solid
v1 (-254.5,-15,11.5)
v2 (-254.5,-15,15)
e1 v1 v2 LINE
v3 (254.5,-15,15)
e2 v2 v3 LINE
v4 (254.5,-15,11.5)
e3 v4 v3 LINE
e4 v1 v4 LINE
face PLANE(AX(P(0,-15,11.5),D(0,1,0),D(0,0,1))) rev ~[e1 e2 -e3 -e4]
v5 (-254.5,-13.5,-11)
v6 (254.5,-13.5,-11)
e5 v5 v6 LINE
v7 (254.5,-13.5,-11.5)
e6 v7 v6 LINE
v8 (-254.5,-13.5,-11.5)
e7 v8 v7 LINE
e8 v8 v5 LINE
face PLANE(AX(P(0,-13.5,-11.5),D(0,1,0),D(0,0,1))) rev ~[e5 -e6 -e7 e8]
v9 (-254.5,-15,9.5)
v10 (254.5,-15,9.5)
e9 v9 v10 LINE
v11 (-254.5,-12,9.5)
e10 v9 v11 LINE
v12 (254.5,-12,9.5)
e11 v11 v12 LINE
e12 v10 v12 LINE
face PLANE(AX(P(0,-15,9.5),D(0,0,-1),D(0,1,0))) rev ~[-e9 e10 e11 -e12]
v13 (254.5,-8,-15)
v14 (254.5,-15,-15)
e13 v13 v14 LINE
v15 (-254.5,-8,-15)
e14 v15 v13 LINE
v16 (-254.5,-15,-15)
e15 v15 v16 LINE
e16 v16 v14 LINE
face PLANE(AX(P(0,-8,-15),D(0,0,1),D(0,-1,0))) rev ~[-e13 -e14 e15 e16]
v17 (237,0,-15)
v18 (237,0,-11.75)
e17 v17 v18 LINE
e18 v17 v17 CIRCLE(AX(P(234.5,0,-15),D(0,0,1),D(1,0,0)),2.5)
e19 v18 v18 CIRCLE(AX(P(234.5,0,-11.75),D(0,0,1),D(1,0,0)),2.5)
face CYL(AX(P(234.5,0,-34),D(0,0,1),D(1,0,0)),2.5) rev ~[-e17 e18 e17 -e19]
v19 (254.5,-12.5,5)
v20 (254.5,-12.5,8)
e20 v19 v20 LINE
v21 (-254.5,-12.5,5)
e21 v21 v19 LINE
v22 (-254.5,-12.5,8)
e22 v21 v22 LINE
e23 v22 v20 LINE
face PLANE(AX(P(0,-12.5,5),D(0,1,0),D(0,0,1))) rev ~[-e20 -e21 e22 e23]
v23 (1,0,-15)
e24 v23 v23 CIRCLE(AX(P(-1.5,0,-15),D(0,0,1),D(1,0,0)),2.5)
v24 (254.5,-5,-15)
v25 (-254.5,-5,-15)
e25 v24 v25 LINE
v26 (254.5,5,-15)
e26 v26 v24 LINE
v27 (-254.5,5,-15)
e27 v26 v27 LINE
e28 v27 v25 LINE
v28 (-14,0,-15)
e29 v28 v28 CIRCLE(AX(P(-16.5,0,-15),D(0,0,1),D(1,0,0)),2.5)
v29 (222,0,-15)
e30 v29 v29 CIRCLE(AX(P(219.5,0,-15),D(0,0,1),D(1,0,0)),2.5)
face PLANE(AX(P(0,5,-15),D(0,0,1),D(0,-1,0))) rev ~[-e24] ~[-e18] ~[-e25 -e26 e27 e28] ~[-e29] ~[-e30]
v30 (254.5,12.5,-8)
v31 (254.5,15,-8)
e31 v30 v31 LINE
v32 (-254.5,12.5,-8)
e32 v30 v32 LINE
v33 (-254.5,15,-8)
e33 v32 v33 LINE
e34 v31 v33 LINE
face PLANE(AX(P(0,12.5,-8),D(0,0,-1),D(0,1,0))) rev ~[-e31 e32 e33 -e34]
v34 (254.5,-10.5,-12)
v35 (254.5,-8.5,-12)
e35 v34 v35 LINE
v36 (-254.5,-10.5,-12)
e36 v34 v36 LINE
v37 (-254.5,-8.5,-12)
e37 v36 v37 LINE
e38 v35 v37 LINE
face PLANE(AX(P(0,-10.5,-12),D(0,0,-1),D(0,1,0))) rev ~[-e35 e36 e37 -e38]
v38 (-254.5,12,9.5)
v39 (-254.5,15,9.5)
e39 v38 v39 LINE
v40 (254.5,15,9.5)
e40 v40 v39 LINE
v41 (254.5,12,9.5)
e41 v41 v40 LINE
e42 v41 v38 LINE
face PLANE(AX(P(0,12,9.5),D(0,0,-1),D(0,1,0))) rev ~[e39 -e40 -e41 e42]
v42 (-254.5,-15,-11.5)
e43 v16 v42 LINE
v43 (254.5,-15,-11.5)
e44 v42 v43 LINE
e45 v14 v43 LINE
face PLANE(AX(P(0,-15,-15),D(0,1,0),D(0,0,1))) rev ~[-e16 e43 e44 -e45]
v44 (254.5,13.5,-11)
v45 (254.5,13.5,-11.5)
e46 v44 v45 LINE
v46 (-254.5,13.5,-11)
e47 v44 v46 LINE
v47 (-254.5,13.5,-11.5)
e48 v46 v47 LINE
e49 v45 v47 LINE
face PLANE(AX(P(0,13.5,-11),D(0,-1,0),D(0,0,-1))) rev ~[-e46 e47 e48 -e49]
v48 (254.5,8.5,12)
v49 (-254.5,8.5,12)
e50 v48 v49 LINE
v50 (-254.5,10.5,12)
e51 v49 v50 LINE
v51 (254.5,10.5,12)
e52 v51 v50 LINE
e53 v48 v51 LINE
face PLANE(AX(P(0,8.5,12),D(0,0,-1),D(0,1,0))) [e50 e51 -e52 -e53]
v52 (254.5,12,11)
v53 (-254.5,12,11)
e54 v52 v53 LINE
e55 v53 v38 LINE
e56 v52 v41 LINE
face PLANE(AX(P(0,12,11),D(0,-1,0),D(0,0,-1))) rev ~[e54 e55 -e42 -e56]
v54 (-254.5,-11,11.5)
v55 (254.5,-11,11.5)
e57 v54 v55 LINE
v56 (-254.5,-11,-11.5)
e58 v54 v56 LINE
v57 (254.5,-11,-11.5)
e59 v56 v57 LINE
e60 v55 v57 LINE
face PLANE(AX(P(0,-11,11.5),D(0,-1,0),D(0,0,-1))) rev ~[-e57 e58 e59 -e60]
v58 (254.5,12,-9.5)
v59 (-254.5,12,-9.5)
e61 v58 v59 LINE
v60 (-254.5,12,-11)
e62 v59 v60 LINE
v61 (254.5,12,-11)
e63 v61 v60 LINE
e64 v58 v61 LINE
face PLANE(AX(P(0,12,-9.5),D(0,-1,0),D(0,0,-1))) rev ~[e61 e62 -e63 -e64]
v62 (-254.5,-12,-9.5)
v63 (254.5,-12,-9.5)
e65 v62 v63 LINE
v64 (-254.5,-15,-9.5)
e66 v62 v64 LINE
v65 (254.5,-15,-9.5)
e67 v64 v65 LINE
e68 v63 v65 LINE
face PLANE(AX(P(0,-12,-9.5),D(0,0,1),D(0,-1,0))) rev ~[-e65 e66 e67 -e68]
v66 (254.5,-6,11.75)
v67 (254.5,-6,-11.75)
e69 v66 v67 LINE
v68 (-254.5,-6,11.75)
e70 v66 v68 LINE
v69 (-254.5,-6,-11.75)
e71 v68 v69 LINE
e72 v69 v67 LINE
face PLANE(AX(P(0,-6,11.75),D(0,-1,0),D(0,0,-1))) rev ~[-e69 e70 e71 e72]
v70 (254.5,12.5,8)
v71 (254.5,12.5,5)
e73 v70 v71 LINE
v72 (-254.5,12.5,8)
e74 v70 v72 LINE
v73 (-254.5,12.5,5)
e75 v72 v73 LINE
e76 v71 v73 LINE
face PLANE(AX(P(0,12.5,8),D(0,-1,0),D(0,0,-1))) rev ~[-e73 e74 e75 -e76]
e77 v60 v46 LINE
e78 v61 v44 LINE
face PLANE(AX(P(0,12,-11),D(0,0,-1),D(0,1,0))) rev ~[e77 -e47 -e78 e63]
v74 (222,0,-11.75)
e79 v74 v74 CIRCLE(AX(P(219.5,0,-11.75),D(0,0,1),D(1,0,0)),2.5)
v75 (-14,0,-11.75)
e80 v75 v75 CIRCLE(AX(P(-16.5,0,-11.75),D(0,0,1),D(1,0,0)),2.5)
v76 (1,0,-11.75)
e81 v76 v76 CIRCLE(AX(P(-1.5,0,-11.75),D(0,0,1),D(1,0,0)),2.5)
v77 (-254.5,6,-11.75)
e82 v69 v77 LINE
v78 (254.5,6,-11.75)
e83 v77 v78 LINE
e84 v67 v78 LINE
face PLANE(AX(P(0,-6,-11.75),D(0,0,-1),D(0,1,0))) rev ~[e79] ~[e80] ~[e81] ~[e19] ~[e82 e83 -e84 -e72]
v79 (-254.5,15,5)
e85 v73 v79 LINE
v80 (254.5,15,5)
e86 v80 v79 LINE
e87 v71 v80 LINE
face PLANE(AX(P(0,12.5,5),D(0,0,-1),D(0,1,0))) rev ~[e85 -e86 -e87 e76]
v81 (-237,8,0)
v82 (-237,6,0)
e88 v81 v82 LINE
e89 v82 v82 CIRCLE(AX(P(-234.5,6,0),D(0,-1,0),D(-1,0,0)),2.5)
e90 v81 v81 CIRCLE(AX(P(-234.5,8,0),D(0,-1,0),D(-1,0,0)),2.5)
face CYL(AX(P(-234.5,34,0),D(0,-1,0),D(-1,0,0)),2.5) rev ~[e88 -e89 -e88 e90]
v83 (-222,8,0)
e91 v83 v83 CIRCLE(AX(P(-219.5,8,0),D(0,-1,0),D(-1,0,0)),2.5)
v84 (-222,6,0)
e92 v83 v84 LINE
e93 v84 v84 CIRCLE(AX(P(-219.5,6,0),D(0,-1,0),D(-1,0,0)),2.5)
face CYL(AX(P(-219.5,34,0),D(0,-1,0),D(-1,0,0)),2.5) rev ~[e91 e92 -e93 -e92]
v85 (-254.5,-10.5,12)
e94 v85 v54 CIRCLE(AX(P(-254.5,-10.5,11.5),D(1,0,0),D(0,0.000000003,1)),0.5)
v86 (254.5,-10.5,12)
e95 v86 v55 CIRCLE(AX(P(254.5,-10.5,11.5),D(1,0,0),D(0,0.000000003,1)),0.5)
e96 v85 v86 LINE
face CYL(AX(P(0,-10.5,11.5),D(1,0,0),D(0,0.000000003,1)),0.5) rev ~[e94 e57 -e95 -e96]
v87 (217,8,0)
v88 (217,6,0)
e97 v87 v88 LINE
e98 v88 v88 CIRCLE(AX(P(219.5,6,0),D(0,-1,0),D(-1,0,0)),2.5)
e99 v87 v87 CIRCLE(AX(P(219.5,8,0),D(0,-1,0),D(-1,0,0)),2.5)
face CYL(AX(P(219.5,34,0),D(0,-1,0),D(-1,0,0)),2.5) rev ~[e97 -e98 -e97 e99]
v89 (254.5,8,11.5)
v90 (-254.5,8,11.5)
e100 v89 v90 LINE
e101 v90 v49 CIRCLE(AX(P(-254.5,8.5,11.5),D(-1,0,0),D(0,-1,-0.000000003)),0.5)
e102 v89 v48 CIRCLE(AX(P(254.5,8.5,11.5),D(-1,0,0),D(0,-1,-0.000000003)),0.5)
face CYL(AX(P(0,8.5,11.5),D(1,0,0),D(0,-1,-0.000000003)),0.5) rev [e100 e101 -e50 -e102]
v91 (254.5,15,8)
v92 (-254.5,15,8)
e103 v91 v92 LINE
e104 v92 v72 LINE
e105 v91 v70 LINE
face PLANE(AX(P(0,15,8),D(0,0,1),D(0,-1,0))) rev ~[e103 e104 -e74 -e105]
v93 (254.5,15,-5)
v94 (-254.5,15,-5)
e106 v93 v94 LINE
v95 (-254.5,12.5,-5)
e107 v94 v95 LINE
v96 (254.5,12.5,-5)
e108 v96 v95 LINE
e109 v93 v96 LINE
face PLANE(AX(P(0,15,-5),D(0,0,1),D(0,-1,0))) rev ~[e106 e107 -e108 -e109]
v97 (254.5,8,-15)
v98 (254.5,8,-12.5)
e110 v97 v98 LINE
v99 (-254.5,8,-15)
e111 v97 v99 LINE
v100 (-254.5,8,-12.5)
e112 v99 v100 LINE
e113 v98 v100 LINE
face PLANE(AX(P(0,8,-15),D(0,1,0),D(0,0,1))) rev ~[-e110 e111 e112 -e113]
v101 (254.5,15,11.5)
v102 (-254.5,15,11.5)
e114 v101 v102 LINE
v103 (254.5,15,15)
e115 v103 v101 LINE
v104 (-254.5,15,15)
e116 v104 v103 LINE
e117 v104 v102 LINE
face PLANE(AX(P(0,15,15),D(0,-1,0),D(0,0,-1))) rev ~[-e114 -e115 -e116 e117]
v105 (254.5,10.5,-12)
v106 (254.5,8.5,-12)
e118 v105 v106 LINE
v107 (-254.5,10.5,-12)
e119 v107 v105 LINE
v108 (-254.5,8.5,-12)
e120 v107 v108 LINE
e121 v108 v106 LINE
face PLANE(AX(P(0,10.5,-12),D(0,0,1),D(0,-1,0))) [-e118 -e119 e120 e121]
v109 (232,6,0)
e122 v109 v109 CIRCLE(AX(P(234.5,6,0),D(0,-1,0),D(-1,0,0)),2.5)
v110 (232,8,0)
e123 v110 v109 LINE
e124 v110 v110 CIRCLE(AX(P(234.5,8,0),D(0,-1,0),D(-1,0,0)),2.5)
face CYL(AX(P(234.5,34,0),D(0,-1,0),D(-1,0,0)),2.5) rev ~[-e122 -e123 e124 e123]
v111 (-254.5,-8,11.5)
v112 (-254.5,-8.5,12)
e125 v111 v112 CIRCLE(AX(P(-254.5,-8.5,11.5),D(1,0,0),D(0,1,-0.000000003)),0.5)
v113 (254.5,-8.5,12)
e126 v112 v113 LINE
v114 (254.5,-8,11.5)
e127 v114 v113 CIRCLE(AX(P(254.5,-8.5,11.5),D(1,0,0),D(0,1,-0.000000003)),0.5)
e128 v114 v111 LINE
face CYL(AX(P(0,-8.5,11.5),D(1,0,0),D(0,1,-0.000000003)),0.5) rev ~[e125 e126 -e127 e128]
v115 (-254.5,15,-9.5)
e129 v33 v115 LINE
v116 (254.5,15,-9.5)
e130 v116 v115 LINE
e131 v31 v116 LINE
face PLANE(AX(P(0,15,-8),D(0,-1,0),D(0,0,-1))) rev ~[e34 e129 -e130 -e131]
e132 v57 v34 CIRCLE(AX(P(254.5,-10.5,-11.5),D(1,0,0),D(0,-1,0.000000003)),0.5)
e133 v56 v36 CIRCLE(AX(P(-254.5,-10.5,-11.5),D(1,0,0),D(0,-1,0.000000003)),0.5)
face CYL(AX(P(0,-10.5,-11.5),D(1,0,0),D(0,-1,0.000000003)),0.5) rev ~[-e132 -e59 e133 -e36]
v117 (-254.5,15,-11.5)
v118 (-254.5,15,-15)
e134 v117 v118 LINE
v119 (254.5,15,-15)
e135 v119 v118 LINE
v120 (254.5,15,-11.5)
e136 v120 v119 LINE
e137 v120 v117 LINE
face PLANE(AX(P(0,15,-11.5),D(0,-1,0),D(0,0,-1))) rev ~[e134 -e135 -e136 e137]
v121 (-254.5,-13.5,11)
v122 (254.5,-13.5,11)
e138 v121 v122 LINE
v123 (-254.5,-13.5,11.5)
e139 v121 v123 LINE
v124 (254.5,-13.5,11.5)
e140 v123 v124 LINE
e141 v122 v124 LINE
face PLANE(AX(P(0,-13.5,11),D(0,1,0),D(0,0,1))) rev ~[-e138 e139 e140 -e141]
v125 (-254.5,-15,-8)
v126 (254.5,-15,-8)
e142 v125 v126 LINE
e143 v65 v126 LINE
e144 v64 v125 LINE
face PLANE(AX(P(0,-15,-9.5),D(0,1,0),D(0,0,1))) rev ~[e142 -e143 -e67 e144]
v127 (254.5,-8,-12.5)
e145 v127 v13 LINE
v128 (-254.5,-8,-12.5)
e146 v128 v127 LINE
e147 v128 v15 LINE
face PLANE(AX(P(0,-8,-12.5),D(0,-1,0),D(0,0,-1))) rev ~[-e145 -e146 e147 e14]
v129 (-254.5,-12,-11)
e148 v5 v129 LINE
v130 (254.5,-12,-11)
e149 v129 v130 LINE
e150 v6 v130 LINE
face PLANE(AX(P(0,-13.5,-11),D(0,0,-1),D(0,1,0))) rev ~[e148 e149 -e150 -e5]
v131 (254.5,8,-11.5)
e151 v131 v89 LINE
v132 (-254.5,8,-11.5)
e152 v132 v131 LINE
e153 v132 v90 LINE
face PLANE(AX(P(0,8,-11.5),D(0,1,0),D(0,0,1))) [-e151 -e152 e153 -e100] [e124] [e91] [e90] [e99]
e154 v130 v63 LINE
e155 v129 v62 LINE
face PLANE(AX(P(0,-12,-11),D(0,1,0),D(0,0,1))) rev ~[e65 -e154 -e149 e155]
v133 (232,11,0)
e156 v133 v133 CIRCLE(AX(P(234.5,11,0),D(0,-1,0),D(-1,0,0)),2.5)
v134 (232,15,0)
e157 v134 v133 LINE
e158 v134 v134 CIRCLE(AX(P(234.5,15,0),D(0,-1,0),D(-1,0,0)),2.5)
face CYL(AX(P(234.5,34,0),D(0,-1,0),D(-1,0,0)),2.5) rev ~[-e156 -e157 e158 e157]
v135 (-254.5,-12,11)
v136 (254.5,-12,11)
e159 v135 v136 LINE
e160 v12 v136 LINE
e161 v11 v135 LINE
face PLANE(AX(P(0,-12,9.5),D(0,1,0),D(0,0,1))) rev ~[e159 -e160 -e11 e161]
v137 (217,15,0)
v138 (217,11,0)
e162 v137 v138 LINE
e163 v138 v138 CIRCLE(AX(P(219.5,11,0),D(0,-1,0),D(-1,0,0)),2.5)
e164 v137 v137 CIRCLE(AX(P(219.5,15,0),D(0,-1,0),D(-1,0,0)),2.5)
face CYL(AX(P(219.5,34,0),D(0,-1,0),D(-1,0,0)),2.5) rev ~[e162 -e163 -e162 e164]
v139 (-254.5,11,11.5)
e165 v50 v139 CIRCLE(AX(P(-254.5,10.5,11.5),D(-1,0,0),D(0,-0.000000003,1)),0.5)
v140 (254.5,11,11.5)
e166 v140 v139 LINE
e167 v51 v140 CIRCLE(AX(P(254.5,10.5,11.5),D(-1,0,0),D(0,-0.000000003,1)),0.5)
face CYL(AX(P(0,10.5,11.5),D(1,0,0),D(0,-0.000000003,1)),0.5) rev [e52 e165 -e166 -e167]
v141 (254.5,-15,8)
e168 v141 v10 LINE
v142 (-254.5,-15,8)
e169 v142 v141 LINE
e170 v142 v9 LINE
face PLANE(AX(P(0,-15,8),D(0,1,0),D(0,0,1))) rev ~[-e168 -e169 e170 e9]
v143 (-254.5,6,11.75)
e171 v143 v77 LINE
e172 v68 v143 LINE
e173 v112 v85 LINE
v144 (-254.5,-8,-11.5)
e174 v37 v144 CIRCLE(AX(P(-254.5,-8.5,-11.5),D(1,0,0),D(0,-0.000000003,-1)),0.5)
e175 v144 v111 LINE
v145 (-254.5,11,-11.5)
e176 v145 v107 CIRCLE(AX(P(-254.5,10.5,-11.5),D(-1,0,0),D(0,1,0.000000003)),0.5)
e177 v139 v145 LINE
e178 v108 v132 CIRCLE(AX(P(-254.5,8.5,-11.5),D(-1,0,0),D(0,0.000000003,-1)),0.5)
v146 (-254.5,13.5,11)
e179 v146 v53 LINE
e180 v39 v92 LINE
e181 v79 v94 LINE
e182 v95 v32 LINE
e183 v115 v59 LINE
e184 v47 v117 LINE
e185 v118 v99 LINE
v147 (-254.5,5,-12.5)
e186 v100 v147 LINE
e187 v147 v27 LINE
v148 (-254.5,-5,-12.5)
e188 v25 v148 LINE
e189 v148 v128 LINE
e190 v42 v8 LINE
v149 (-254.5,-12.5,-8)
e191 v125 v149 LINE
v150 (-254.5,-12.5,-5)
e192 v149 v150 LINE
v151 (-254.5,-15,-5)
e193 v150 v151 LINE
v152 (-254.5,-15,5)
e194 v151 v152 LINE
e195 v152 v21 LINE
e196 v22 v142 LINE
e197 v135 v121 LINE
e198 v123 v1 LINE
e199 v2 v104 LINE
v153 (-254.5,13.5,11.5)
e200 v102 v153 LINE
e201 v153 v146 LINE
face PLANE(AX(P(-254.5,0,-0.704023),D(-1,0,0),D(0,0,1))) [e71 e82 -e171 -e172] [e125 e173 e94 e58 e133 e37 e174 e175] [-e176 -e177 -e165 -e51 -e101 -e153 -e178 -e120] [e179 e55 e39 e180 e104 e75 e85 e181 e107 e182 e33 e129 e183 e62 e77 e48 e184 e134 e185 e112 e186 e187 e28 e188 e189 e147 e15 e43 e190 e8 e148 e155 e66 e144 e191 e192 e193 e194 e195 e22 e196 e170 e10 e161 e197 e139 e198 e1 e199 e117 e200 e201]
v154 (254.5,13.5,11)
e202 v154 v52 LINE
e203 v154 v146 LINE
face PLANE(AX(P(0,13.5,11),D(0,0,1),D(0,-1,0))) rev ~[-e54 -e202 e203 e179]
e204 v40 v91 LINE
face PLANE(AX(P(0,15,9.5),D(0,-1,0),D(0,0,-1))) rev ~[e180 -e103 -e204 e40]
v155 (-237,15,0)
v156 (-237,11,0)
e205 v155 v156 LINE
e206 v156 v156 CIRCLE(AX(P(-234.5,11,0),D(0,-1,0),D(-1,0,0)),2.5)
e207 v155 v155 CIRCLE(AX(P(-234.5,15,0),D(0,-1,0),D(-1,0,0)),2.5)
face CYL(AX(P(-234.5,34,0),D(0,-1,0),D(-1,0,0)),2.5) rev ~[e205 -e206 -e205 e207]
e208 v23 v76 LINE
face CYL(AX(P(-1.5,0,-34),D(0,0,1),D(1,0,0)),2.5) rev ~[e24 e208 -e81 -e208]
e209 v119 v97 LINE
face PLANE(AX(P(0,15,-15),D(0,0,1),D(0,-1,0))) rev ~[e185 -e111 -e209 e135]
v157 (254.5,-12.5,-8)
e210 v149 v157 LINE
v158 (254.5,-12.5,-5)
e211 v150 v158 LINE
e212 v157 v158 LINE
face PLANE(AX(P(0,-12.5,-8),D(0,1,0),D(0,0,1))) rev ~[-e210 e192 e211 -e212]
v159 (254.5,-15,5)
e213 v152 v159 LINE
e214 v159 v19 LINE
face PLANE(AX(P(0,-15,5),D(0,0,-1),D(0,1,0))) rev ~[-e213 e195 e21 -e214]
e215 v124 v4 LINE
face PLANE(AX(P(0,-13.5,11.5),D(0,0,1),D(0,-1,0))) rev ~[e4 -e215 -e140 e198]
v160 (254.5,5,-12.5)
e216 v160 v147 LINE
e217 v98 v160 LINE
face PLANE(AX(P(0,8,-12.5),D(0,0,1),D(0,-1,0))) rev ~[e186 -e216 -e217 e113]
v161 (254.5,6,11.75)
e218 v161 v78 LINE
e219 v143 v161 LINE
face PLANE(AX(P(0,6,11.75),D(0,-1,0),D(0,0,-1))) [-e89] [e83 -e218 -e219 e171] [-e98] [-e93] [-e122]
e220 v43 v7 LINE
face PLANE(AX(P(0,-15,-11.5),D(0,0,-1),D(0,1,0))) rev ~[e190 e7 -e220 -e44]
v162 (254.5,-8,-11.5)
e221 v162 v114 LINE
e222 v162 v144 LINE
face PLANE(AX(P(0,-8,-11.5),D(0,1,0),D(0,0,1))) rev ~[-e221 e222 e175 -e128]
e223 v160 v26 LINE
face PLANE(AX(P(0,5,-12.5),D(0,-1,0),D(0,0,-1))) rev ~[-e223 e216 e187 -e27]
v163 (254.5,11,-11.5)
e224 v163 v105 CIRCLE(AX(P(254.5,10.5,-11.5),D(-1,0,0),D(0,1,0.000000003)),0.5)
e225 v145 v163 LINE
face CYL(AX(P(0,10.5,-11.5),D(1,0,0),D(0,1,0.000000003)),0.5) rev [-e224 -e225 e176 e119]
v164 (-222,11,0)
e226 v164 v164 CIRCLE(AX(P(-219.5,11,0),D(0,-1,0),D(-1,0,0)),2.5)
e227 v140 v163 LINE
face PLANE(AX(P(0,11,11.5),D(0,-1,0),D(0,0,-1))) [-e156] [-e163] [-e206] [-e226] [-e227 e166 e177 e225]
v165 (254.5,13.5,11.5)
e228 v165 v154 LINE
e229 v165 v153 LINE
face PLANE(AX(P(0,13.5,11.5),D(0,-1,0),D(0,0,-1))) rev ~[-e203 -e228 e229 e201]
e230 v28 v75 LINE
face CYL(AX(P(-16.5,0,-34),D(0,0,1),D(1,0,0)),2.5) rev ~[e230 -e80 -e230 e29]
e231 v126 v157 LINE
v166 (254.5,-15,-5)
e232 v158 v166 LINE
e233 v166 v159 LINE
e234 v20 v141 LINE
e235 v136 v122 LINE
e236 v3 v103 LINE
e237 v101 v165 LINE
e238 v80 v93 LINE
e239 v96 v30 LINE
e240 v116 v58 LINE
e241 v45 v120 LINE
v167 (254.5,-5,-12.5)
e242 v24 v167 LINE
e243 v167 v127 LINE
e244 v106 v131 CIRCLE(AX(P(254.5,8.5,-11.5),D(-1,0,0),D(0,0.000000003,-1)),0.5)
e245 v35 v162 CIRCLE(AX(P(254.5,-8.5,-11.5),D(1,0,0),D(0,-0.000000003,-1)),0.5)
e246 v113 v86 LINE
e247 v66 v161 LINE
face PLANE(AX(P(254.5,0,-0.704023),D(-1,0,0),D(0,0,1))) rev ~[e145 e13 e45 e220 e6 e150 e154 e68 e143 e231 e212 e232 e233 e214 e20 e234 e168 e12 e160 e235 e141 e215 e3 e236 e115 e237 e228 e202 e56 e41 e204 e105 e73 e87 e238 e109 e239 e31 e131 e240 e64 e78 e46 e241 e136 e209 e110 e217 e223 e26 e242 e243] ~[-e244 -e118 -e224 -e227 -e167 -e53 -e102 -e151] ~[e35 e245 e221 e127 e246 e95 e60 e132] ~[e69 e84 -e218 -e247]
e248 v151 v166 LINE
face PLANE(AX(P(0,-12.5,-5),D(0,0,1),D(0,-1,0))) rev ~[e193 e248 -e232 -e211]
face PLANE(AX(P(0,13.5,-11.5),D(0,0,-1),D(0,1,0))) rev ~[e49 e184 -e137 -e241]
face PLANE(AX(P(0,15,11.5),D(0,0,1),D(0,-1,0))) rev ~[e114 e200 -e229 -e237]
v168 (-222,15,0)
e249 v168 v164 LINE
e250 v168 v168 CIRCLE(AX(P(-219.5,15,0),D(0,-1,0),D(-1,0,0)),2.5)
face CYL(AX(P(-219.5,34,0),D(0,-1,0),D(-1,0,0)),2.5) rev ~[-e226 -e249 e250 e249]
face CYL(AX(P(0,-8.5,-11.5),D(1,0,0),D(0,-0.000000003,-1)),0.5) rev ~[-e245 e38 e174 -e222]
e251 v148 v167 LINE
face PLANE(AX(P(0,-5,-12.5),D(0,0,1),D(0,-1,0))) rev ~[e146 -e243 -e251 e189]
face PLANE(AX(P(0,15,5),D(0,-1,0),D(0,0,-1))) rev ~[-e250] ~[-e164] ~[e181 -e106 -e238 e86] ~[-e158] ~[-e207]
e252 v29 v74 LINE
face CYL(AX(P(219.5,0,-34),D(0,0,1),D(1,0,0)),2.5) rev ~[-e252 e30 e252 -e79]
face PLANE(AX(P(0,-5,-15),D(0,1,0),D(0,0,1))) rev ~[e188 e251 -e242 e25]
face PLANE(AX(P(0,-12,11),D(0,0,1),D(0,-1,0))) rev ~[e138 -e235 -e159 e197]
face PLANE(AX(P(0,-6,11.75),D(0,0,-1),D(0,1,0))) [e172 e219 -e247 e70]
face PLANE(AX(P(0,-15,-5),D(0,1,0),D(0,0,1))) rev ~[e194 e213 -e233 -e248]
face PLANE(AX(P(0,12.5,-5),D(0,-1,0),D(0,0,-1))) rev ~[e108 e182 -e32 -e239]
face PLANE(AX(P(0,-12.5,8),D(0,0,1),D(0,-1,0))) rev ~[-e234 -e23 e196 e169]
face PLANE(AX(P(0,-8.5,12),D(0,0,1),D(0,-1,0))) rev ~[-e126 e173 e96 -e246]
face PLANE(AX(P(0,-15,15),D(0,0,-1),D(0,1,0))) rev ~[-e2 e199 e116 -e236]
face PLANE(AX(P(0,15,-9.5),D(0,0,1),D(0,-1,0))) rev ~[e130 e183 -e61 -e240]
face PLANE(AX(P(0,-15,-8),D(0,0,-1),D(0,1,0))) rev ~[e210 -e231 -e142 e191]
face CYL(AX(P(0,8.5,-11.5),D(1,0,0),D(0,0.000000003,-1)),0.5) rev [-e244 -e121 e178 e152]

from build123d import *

# Parameters (mm, degrees)
SKETCH_1_W             = 23.5
SKETCH_1_H             = 12
EXTRUDE_1_DEPTH        = 254.5
HOLE_WIZARD_M6_1_D     = 5
HOLE_WIZARD_M6_1_DEPTH = 19
HOLE_WIZARD_M6_1_TIP   = 1.502151548
HOLE_WIZARD_M6_2_D     = 5
HOLE_WIZARD_M6_2_DEPTH = 19
HOLE_WIZARD_M6_2_TIP   = 1.502151548


with BuildPart() as part:
    # 草图1 → 凸台-拉伸1 (new, symmetric)
    with BuildSketch(Plane(origin=(0, 0, 0), x_dir=(0, 0, -1), z_dir=(1, 0, 0))):
        Polygon((-15, 15), (-11.5, 15), (-11.5, 13.5), (-11, 13.5), (-11, 12), (-9.5, 12), (-9.5, 15), (-8, 15), (-8, 12.5), (-5, 12.5), (-5, 15), (5, 15), (5, 12.5), (8, 12.5), (8, 15), (9.5, 15), (9.5, 12), (11, 12), (11, 13.5), (11.5, 13.5), (11.5, 15), (15, 15), (15, 8), (12.5, 8), (12.5, 5), (15, 5), (15, -5), (12.5, -5), (12.5, -8), (15, -8), (15, -15), (11.5, -15), (11.5, -13.5), (11, -13.5), (11, -12), (9.5, -12), (9.5, -15), (8, -15), (8, -12.5), (5, -12.5), (5, -15), (-5, -15), (-5, -12.5), (-8, -12.5), (-8, -15), (-9.5, -15), (-9.5, -12), (-11, -12), (-11, -13.5), (-11.5, -13.5), (-11.5, -15), (-15, -15), align=None)
        with BuildLine():
            Line((12, -10.5), (12, -8.5))
            ThreePointArc((12, -8.5), (11.853553391, -8.146446609), (11.5, -8))
            Line((11.5, -8), (-11.5, -8))
            ThreePointArc((-11.5, -8), (-11.853553391, -8.146446609), (-12, -8.5))
            Line((-12, -8.5), (-12, -10.5))
            ThreePointArc((-12, -10.5), (-11.853553391, -10.853553391), (-11.5, -11))
            Line((-11.5, -11), (11.5, -11))
            ThreePointArc((11.5, -11), (11.853553391, -10.853553391), (12, -10.5))
        make_face(mode=Mode.SUBTRACT)
        with BuildLine():
            Line((-11.5, 11), (11.5, 11))
            ThreePointArc((11.5, 11), (11.853553391, 10.853553391), (12, 10.5))
            Line((12, 10.5), (12, 8.5))
            ThreePointArc((12, 8.5), (11.853553391, 8.146446609), (11.5, 8))
            Line((11.5, 8), (-11.5, 8))
            ThreePointArc((-11.5, 8), (-11.853553391, 8.146446609), (-12, 8.5))
            Line((-12, 8.5), (-12, 10.5))
            ThreePointArc((-12, 10.5), (-11.853553391, 10.853553391), (-11.5, 11))
        make_face(mode=Mode.SUBTRACT)
        Rectangle(SKETCH_1_W, SKETCH_1_H, mode=Mode.SUBTRACT)
    extrude(amount=EXTRUDE_1_DEPTH, both=True)

    # M6 螺纹孔1
    with Locations(Plane(origin=(0, 0, -15), x_dir=(-1, 0, 0), z_dir=(0, 0, -1))):
        with Locations((-234.5, 0), (-219.5, 0), (1.5, 0), (16.5, 0)):
            Hole(HOLE_WIZARD_M6_1_D / 2, depth=HOLE_WIZARD_M6_1_DEPTH)
            with Locations((0, 0, -(HOLE_WIZARD_M6_1_DEPTH + HOLE_WIZARD_M6_1_TIP / 2))):  # 118° drill point
                Cone(0, HOLE_WIZARD_M6_1_D / 2, HOLE_WIZARD_M6_1_TIP, mode=Mode.SUBTRACT)

    # M6 螺纹孔2
    with Locations(Plane(origin=(0, 15, 0), x_dir=(1, 0, 0), z_dir=(0, 1, 0))):
        with Locations((234.5, 0), (219.5, 0), (-219.5, 0), (-234.5, 0)):
            Hole(HOLE_WIZARD_M6_2_D / 2, depth=HOLE_WIZARD_M6_2_DEPTH)
            with Locations((0, 0, -(HOLE_WIZARD_M6_2_DEPTH + HOLE_WIZARD_M6_2_TIP / 2))):  # 118° drill point
                Cone(0, HOLE_WIZARD_M6_2_D / 2, HOLE_WIZARD_M6_2_TIP, mode=Mode.SUBTRACT)


solid = part.part
